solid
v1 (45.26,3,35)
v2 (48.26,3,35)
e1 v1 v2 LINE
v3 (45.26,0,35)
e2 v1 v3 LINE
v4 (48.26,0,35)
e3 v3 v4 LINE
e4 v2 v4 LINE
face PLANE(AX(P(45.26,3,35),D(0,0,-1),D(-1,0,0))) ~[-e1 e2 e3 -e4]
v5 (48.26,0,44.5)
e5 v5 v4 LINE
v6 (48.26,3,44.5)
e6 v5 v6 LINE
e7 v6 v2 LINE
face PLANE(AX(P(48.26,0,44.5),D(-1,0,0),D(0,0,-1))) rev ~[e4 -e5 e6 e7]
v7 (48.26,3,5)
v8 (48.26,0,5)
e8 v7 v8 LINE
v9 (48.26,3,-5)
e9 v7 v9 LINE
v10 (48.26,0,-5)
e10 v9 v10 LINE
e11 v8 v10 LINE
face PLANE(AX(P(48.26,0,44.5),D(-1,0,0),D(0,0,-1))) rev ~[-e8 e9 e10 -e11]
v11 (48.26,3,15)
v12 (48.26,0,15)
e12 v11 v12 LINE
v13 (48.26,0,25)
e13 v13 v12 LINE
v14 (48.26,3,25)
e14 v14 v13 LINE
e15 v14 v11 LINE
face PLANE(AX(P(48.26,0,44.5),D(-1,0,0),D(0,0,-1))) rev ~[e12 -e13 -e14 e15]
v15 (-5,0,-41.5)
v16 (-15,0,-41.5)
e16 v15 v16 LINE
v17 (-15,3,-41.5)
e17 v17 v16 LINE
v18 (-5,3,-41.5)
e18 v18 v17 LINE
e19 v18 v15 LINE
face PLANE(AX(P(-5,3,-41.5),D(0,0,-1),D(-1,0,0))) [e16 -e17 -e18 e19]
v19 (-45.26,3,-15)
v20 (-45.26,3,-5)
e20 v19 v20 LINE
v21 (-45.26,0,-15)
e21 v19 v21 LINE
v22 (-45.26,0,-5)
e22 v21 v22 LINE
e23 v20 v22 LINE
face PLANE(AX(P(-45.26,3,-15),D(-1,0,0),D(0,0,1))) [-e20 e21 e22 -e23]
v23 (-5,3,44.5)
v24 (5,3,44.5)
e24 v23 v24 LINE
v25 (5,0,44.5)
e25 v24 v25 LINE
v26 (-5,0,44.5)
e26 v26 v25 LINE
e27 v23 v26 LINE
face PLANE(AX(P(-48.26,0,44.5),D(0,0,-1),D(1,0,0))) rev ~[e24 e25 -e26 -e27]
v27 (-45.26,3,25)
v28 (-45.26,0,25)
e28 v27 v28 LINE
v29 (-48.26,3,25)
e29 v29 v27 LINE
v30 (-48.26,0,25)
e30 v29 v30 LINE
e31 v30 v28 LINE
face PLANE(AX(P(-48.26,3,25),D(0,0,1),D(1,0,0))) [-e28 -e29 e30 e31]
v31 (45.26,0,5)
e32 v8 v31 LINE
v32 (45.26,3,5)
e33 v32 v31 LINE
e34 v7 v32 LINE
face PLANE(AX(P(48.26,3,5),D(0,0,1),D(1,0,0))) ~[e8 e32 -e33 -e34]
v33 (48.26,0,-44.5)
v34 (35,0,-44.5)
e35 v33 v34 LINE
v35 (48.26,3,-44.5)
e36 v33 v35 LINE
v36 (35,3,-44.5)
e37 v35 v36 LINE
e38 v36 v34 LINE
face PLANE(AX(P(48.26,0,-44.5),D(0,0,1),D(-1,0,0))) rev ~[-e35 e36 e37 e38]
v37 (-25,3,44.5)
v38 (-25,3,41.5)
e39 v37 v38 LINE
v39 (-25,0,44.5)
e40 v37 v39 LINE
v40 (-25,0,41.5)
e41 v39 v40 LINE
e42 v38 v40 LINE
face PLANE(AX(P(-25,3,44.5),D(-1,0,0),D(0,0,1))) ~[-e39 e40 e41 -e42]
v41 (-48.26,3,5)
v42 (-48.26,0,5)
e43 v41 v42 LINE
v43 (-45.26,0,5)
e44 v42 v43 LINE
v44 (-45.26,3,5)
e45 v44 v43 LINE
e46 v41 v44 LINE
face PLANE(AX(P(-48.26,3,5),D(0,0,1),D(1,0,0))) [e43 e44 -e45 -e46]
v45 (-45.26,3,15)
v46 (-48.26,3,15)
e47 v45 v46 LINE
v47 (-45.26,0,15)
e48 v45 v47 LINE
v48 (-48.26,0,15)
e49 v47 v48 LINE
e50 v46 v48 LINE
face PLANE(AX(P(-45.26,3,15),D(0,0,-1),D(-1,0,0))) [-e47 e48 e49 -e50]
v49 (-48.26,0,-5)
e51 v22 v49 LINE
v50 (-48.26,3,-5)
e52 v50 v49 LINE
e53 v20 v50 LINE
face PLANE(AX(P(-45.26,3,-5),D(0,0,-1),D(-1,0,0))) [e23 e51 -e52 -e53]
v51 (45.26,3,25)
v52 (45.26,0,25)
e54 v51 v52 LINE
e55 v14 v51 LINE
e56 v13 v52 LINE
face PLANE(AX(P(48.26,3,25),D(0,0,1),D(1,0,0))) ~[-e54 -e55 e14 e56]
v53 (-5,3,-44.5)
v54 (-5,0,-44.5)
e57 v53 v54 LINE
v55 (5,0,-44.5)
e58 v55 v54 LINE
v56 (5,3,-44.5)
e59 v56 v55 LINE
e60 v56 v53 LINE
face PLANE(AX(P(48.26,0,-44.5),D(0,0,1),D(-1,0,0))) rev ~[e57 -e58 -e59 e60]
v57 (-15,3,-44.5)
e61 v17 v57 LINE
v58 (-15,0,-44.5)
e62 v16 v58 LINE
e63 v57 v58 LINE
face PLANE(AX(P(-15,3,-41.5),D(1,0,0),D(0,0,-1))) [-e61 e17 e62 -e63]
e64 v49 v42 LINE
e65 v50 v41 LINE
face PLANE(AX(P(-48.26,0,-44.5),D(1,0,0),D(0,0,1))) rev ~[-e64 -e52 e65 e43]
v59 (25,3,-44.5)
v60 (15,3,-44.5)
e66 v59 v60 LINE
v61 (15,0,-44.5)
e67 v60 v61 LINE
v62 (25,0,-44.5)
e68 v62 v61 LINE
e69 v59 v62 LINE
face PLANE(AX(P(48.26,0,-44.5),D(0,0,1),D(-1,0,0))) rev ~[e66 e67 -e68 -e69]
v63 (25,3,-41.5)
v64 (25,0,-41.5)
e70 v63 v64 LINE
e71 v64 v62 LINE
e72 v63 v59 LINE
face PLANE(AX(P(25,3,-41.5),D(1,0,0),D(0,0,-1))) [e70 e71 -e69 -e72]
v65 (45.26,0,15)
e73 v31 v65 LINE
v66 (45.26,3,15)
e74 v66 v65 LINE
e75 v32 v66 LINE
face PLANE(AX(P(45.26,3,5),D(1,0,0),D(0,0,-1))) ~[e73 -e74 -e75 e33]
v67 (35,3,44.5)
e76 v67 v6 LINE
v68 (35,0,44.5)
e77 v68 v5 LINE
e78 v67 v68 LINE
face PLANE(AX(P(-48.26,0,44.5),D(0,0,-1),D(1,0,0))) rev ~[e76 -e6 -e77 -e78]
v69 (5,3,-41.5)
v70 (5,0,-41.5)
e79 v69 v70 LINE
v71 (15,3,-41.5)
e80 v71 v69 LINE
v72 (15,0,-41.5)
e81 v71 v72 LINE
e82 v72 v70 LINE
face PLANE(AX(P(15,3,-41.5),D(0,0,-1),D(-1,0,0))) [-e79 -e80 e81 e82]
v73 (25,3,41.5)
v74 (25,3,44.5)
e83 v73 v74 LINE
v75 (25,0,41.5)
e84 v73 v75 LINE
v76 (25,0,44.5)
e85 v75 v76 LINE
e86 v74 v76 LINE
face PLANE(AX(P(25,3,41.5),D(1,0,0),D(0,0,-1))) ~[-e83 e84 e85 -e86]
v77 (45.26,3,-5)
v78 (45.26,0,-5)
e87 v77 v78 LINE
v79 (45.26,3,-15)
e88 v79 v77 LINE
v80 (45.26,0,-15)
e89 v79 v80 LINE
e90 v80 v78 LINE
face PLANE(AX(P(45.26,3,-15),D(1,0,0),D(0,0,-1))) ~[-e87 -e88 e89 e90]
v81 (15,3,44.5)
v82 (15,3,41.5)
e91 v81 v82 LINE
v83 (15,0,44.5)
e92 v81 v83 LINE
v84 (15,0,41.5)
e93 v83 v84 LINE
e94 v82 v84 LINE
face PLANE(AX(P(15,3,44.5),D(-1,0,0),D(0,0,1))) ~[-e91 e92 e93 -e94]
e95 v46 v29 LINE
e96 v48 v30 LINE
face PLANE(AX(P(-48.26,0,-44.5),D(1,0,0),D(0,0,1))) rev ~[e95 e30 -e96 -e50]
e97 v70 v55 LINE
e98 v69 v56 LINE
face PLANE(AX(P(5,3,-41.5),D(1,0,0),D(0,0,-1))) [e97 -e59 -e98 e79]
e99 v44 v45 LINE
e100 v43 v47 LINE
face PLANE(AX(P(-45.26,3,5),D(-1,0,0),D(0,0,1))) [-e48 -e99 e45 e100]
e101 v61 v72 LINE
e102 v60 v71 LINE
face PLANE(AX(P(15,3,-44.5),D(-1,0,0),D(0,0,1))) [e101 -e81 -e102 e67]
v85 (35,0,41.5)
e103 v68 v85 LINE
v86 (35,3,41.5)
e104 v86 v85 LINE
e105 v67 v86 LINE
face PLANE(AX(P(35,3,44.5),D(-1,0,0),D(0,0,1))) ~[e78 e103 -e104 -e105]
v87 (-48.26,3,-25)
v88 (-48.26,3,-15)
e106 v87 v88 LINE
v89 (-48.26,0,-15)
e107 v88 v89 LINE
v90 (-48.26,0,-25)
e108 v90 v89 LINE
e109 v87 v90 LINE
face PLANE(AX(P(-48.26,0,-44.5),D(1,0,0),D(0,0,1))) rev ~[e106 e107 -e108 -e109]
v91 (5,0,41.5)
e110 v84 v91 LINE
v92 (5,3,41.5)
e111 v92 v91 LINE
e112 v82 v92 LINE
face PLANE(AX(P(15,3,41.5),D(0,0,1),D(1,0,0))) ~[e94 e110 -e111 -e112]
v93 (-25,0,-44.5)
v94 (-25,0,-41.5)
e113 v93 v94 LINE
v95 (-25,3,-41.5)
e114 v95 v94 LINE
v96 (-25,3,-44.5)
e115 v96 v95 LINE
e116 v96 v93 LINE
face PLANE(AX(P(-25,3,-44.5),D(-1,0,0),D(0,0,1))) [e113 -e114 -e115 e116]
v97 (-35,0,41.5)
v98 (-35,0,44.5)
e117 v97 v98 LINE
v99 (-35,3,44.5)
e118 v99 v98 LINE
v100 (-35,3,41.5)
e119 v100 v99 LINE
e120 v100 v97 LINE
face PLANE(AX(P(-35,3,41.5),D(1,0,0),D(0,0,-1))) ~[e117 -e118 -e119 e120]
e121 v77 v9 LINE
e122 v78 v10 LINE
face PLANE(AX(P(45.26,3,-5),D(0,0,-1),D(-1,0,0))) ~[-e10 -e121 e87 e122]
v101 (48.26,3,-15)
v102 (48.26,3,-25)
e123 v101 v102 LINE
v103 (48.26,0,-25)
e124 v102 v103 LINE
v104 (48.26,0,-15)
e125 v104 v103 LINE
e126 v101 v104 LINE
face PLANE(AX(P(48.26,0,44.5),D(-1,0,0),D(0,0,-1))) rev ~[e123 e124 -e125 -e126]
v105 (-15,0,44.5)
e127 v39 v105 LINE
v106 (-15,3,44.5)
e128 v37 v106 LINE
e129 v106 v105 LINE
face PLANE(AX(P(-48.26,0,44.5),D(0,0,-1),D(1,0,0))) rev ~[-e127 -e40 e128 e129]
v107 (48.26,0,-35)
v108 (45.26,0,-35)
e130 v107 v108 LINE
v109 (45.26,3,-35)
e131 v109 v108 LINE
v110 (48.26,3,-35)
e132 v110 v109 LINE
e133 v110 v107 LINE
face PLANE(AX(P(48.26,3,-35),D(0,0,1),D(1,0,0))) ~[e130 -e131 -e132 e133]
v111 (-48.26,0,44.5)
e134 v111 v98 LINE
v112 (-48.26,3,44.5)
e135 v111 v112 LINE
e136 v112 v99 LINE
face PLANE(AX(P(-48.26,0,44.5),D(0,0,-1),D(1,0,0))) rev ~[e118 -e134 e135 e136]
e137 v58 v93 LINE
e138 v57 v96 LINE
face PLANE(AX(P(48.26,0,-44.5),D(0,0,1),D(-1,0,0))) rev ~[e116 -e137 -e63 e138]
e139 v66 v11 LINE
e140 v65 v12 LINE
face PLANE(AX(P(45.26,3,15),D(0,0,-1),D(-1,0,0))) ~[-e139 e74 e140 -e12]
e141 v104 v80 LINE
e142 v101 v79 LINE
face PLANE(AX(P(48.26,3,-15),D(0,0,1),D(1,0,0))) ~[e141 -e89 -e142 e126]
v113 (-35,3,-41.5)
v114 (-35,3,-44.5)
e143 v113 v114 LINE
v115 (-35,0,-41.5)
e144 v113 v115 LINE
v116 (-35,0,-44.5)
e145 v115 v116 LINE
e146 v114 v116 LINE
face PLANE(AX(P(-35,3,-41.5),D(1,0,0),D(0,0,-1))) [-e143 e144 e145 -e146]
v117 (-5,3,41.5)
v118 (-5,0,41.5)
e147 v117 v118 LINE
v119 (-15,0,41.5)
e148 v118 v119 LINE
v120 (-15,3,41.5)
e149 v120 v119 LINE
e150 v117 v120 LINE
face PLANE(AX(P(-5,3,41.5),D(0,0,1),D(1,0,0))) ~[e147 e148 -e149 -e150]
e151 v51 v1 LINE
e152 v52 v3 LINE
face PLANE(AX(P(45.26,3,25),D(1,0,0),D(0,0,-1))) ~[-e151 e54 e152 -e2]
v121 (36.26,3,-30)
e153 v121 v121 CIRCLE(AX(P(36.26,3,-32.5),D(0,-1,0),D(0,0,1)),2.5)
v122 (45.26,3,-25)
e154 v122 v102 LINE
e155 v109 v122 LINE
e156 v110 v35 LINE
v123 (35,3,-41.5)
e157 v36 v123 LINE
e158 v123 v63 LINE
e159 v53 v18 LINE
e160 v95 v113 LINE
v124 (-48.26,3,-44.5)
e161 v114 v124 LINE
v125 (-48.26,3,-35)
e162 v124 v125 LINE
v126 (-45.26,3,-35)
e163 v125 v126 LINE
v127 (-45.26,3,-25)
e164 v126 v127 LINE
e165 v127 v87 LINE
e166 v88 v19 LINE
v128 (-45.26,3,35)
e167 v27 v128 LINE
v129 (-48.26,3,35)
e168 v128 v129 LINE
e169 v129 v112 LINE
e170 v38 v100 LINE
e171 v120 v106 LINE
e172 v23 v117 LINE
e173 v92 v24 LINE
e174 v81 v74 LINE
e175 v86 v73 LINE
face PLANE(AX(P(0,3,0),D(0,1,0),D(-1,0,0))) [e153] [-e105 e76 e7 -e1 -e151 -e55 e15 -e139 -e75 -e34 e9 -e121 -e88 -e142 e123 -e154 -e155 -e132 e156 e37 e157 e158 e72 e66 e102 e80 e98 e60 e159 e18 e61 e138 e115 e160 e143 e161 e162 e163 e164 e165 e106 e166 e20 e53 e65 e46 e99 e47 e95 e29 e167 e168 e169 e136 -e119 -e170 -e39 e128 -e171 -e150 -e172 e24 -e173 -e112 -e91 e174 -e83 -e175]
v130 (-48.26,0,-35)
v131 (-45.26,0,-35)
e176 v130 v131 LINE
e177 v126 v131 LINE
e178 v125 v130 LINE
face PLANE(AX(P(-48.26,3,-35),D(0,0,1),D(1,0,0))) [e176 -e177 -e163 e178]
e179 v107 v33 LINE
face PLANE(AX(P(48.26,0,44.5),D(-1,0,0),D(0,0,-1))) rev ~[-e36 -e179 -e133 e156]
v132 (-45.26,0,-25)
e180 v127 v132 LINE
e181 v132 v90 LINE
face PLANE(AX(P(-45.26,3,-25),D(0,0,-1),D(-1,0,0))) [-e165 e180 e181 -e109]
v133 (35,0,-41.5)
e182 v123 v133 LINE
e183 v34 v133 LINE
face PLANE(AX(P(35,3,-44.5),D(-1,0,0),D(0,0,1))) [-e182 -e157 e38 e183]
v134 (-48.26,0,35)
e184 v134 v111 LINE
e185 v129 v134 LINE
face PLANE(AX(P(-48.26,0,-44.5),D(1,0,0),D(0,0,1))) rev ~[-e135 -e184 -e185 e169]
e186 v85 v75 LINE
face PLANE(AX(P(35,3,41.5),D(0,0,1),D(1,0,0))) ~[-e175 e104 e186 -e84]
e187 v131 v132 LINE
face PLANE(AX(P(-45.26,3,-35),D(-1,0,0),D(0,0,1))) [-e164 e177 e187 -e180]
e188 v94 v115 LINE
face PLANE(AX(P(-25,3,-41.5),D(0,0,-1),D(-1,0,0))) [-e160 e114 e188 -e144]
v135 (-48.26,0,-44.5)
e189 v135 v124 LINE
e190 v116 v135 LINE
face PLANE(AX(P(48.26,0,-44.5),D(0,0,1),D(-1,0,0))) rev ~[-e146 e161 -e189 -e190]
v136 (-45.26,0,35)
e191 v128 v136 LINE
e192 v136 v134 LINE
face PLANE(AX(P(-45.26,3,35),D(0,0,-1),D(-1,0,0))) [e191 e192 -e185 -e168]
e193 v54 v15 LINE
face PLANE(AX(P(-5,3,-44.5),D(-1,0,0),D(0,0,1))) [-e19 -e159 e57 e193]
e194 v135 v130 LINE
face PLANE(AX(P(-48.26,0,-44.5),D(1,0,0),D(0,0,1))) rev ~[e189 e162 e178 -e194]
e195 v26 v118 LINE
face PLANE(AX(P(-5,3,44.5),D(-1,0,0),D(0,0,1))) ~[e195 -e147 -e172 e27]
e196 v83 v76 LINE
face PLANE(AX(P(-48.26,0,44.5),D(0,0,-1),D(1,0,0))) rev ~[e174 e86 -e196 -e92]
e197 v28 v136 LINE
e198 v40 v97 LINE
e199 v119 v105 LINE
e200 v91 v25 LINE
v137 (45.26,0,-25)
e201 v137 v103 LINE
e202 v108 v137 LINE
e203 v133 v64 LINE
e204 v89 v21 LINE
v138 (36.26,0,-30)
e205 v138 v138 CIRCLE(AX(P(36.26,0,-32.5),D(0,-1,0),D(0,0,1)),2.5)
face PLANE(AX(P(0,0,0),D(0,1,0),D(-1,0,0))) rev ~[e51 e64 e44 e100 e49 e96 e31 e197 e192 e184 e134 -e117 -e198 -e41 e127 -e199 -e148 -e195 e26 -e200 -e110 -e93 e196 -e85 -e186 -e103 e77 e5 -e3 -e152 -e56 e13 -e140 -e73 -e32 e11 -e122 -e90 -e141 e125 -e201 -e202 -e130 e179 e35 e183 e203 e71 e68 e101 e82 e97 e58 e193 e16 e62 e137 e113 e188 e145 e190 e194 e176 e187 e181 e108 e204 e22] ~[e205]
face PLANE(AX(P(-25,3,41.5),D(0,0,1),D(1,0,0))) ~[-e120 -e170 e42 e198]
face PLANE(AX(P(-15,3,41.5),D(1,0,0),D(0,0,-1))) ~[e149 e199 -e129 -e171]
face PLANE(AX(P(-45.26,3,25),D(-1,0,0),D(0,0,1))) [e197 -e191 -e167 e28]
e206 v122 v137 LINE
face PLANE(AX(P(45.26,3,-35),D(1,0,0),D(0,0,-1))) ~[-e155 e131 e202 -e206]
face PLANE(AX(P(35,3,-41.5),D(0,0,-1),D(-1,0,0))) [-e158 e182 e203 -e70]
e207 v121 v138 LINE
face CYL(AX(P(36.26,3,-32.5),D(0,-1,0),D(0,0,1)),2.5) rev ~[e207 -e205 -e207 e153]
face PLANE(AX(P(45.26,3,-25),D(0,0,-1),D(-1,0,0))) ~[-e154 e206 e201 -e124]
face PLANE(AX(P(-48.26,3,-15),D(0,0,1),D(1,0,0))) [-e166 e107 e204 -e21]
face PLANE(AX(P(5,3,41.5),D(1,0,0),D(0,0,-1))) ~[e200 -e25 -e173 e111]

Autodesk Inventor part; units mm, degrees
ref_plane "YZ Plane" through (0, 0, 0) normal (1, 0, 0) x (0, 1, 0)
ref_plane "XZ Plane" through (0, 0, 0) normal (0, 1, 0) x (-1, 0, 0)
ref_plane "XY Plane" through (0, 0, 0) normal (0, 0, 1) x (1, 0, 0)
sketch "Rectangle" plane through (0, 0, 0) normal (0, 1, 0) x (-1, 0, 0)
  line L0 (-48.26, -44.5) -> (48.26, -44.5)
  line L1 (48.26, -44.5) -> (48.26, 44.5)
  line L2 (48.26, 44.5) -> (-48.26, 44.5)
  line L3 (-48.26, 44.5) -> (-48.26, -44.5)
  line L4 (-48.26, -44.5) -> (48.26, 44.5) construction
  line L5 (48.26, -44.5) -> (-48.26, 44.5) construction
  point P0 (0, 0)
  dimension "d12" = 96.52
  dimension "d13" = 89
extrude "Extrusion1" add sketch "Rectangle" along normal blind 3
sketch "Sketch3" plane through (0, 3, 0) normal (0, 1, 0) x (1, 0, 0)
  line L0 (48.26, 44.5) -> (-48.26, 44.5) construction
  line L1 (-15, 44.5) -> (-5, 44.5)
  line L2 (-5, 44.5) -> (-5, 41.5)
  line L3 (-5, 41.5) -> (-15, 41.5)
  line L4 (-15, 41.5) -> (-15, 44.5)
  line L5 (0, 62.3) -> (0, -62.3) construction
  point P0 (0, 0)
  dimension "d14" = 10
  dimension "d16" = 3
  dimension "d22" = 5
extrude "Extrusion3" cut sketch "Sketch3" against normal through all
pattern_linear "Rectangular Pattern2" count 2 spacing 20 along (-1, 0, 0) count 2 spacing 40 along (1, 0, 0) of "Extrusion3"
mirror "Mirror2" about plane through (0, 0, 0) normal (0, 0, 1) of "Extrusion3", "Rectangular Pattern2"
sketch "Sketch4" plane through (0, 3, 0) normal (0, 1, 0) x (1, 0, 0)
  line L0 (67.564, 0) -> (-67.564, 0) construction
  line L1 (-48.26, 44.5) -> (-48.26, -44.5) construction
  line L2 (-48.26, 15) -> (-45.26, 15)
  line L3 (-45.26, 15) -> (-45.26, 5)
  line L4 (-45.26, 5) -> (-48.26, 5)
  line L5 (-48.26, 5) -> (-48.26, 15)
  point P0 (0, 0)
  dimension "d23" = 3
  dimension "d24" = 10
  dimension "d25" = 5
extrude "Extrusion4" cut sketch "Sketch4" against normal through all
pattern_linear "Rectangular Pattern3" count 2 spacing 20 along (0, 0, -1) count 2 spacing 40 along (0, 0, 1) of "Extrusion4"
mirror "Mirror4" about plane through (0, 0, 0) normal (1, 0, 0) of "Extrusion4", "Rectangular Pattern3"
sketch "Sketch5" plane through (0, 3, 0) normal (0, 1, 0) x (1, 0, 0)
  line L0 (48.26, 35) -> (48.26, 44.5) construction
  line L1 (48.26, 44.5) -> (35, 44.5) construction
  point P0 (0, 0)
  point P1 (36.26, 32.5)
  dimension "d31" = 12
  dimension "d32" = 12
hole "Hole1" at (36.26, 3, -32.5) direction (0, -1, 0) diameter 5 end through all
equation "\"d12\" = Module_Width"
equation "\"d13\" = Module_Height"
equation "\"d2\" = Module_Case_Thickness"
equation "\"d14\" = Module_Case_SlotWidth"
equation "\"d16\" = Module_Case_SlotDepth"
equation "\"d22\" = 0.5 * Module_Case_SlotWidth"
equation "\"d21\" = 2 * Module_Case_SlotWidth"
equation "\"d42\" = 4 * Module_Case_SlotWidth"
equation "\"d23\" = Module_Case_SlotDepth"
equation "\"d24\" = Module_Case_SlotWidth"
equation "\"d25\" = 0.5 * Module_Case_SlotWidth"
equation "\"d30\" = 2 * Module_Case_SlotWidth"
equation "\"d45\" = 4 * Module_Case_SlotWidth"
equation "\"d33\" = Module_StatusIndicatorDiameter"
equation "\"RackWidth\" = 482.6"
equation "\"U\" = 44.5"
equation "\"Module_Connector_Width\" = 6"
equation "\"Module_Case_SlotWidth\" = 10"
equation "\"Module_Case_SlotDepth\" = 3"
equation "\"Module_Back_Thickness\" = 5"
equation "\"Module_Connector_Depth\" = 4"
equation "\"Module_Height\" = 89"
equation "\"Module_Width\" = 96.52"
equation "\"Module_Case_Thickness\" = 3"
equation "\"Module_StatusIndicatorDiameter\" = 5"
equation "\"Module_Case_BottomSlotDepth\" = 5"
properties part number "BaseModule" material "Wood (Birch)"
